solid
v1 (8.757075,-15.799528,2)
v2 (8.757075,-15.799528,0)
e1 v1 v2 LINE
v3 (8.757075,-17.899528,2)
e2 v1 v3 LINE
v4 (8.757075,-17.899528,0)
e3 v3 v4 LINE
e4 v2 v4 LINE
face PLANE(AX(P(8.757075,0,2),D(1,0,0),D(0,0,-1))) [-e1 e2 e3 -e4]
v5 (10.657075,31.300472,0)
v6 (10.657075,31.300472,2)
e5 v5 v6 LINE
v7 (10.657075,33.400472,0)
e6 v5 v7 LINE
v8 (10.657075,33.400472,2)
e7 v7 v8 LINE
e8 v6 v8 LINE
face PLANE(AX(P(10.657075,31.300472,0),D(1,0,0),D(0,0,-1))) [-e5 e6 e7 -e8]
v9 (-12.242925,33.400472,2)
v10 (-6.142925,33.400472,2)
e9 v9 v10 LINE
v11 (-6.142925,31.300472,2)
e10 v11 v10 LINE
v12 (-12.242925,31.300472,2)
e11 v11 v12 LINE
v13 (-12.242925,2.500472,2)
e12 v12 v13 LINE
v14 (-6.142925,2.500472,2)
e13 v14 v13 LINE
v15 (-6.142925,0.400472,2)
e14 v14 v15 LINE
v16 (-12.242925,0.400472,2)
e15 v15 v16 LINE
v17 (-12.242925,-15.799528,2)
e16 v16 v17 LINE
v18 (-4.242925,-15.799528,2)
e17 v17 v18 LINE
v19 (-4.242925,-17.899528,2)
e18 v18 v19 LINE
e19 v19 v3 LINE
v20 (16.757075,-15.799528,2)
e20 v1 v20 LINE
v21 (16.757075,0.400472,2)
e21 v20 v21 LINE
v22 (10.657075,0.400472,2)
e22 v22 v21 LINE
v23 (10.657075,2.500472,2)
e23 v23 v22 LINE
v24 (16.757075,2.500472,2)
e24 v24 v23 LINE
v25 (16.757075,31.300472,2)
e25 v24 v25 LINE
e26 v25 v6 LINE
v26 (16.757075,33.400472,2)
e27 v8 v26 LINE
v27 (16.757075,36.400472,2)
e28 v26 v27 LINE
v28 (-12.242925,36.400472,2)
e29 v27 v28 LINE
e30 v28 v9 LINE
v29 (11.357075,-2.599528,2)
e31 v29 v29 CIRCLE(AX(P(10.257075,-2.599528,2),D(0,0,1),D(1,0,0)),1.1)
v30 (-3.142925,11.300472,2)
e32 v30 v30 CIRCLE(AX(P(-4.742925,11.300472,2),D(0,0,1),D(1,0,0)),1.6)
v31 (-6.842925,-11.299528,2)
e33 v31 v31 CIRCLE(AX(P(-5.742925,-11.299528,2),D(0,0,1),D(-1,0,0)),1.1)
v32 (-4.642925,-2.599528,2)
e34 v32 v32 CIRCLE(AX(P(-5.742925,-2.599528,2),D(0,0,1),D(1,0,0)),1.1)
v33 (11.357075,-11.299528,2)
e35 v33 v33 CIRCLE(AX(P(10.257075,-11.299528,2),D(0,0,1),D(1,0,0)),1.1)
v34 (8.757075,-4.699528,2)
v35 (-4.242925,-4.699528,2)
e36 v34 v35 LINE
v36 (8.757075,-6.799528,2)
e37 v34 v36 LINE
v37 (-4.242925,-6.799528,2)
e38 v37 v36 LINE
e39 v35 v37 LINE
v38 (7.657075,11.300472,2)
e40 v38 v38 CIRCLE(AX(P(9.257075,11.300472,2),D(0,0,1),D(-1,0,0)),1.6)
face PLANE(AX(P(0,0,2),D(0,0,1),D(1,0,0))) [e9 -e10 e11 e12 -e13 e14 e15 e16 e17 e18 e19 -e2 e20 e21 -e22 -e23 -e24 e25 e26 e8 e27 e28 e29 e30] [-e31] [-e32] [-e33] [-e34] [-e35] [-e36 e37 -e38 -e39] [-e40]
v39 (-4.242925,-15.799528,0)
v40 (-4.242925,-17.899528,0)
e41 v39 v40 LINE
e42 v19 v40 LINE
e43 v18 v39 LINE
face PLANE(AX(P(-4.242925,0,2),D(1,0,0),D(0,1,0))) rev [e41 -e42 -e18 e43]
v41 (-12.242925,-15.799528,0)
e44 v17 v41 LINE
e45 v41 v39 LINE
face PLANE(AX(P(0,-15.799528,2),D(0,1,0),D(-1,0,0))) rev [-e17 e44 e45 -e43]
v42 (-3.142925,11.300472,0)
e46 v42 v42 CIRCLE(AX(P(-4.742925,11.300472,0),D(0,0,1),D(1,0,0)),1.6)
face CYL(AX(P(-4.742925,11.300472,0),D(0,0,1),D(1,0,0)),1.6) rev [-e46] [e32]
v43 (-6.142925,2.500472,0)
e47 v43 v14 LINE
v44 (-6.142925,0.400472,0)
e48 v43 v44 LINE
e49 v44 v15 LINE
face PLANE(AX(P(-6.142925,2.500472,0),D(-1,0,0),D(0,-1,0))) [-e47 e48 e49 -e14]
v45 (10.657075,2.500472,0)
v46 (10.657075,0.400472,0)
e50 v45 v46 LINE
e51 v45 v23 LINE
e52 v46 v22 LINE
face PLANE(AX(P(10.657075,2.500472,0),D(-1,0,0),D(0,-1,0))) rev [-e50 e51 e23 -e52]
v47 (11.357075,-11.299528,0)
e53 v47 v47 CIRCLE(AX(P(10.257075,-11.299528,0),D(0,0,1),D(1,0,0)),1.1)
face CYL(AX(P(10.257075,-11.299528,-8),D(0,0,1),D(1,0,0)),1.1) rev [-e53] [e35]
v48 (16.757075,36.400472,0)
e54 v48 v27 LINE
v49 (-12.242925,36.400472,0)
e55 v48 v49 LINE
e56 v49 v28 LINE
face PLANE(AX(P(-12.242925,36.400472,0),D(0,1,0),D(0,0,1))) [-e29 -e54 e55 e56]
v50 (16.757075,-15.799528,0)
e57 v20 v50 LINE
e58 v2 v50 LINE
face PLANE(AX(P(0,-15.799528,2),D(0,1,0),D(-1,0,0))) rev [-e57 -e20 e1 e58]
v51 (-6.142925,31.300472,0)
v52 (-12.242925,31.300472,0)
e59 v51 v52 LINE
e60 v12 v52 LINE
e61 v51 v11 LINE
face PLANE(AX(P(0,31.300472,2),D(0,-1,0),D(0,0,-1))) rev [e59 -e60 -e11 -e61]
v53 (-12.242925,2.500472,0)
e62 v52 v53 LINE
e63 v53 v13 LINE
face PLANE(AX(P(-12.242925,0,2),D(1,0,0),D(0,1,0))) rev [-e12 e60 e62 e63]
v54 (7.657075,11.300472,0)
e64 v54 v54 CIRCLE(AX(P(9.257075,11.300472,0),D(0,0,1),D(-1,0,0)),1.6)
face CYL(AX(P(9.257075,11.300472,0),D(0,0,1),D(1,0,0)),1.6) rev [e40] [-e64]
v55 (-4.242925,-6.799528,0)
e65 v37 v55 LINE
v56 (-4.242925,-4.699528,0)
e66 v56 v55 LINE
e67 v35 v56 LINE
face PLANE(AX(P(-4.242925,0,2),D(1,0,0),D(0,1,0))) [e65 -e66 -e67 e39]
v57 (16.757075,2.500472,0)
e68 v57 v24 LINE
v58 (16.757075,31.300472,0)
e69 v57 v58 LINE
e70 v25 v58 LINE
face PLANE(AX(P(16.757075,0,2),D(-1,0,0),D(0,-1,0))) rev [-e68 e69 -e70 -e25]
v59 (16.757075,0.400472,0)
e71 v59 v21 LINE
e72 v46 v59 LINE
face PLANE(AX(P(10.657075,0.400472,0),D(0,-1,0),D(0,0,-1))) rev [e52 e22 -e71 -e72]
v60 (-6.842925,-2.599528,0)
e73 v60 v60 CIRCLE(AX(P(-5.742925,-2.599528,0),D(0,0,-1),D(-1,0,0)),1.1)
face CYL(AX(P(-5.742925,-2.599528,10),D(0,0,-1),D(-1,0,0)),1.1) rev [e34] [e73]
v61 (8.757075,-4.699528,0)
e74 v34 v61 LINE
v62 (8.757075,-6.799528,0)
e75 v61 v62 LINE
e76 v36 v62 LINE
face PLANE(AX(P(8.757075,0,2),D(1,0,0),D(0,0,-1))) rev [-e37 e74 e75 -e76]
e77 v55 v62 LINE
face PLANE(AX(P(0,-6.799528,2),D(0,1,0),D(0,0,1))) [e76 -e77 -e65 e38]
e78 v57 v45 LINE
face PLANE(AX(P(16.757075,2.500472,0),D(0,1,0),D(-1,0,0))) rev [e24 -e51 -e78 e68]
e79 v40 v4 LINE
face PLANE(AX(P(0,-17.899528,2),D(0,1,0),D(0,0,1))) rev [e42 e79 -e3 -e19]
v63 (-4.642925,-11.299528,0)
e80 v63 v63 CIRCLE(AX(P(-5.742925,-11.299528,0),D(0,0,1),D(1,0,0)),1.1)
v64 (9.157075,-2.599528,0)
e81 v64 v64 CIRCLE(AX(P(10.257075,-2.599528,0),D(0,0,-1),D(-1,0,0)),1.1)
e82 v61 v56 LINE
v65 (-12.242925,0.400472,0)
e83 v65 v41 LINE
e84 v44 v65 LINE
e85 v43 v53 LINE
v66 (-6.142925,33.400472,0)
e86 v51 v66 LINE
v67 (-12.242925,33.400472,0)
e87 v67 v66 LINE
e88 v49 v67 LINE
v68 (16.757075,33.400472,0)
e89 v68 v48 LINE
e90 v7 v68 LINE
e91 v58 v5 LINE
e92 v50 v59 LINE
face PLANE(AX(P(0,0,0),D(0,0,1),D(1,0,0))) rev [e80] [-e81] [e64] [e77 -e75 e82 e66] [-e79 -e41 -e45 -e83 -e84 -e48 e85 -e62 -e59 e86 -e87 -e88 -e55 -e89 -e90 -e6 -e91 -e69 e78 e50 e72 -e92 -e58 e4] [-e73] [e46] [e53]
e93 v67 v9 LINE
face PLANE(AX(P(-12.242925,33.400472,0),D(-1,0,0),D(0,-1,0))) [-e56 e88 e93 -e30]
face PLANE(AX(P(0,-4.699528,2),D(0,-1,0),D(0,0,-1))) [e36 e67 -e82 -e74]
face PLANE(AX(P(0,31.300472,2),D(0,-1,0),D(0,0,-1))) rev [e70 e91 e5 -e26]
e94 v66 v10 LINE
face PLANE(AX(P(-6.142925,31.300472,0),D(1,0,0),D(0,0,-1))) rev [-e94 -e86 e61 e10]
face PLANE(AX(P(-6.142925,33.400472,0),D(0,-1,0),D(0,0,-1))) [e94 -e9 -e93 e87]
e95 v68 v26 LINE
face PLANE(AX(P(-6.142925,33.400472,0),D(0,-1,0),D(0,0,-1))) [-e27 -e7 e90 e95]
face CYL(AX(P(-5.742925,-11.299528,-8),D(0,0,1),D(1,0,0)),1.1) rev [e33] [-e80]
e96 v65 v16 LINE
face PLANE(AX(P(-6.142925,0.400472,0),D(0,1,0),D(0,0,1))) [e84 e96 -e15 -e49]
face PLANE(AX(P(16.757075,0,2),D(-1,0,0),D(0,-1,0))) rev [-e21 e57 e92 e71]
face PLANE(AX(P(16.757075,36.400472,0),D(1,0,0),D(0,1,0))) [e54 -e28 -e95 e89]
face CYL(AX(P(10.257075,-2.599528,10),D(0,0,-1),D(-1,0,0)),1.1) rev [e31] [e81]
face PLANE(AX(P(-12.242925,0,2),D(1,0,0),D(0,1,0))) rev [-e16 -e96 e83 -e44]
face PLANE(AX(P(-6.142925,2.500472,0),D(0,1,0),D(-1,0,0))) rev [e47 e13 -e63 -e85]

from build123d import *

# Parameters (mm, degrees)
SKETCH_1_W          = 8
SKETCH_1_H          = 2.1
SKETCH_1_W_2        = 13
EXTRUDE_1_DEPTH     = 2
SKETCH_2_W          = 6.1
SKETCH_2_H          = 2.1
CUT_EXTRUDE_1_DEPTH = 2
SKETCH_3_W          = 16.8
SKETCH_3_H          = 2.1
EXTRUDE_2_DEPTH     = 2
SKETCH_4_R          = 1.6
CUT_EXTRUDE_2_DEPTH = 2
SKETCH_5_R          = 1.1
CUT_EXTRUDE_5_DEPTH = 10
SKETCH_6_R          = 1.1
CUT_EXTRUDE_6_DEPTH = 10
EXTRUDE_3_DEPTH     = 2


with BuildPart() as part:
    # 草图1 → 凸台-拉伸1 (new body)
    with BuildSketch(Plane.XY):
        Polygon((-12.242924528, 31.300471698), (-12.242924528, -4.699528302), (-4.242924528, -4.699528302), (8.757075472, -4.699528302), (16.757075472, -4.699528302), (16.757075472, 31.300471698), align=None)
        Polygon((-12.242924528, -6.799528302), (-12.242924528, -15.799528302), (-4.242924528, -15.799528302), (8.757075472, -15.799528302), (16.757075472, -15.799528302), (16.757075472, -6.799528302), (8.757075472, -6.799528302), (-4.242924528, -6.799528302), align=None)
        with Locations((12.757075472, -5.749528302)):
            Rectangle(SKETCH_1_W, SKETCH_1_H)
        with Locations((-8.242924528, -5.749528302)):
            Rectangle(SKETCH_1_W, SKETCH_1_H)
        with Locations((2.257075472, -16.849528302)):
            Rectangle(SKETCH_1_W_2, SKETCH_1_H)
    extrude(amount=EXTRUDE_1_DEPTH)

    # 草图2 → 切除-拉伸1 (cut)
    with BuildSketch(Plane.XY.offset(2)):
        with Locations((13.707075472, 1.450471698)):
            Rectangle(SKETCH_2_W, SKETCH_2_H)
        with Locations((-9.192924528, 1.450471698)):
            Rectangle(SKETCH_2_W, SKETCH_2_H)
    extrude(amount=-CUT_EXTRUDE_1_DEPTH, mode=Mode.SUBTRACT)

    # 草图3 → 凸台-拉伸2 (add)
    with BuildSketch(Plane.XY.offset(2)):
        with Locations((2.257075472, 32.350471698)):
            Rectangle(SKETCH_3_W, SKETCH_3_H)
    extrude(amount=-EXTRUDE_2_DEPTH)

    # 草图4 → 切除-拉伸2 (cut)
    with BuildSketch(Plane.XY.offset(2)):
        with Locations((-4.742924528, 11.300471698)):
            Circle(SKETCH_4_R)
        with Locations(Location((9.257075472, 11.300471698, 0), (0, 0, 180))):
            Circle(SKETCH_4_R)
    extrude(amount=-CUT_EXTRUDE_2_DEPTH, mode=Mode.SUBTRACT)

    # 草图5 → 切除-拉伸5 (cut)
    with BuildSketch(Plane(origin=(0, 0, 0), x_dir=(-1, 0, 0), z_dir=(0, 0, -1))):
        with Locations((-10.257075472, -2.599528302)):
            Circle(SKETCH_5_R)
        with Locations((5.742924528, -2.599528302)):
            Circle(SKETCH_5_R)
    extrude(amount=-CUT_EXTRUDE_5_DEPTH, mode=Mode.SUBTRACT)

    # 草图6 → 切除-拉伸6 (cut)
    with BuildSketch(Plane.XY.offset(2)):
        with Locations((10.257075472, -11.299528302)):
            Circle(SKETCH_6_R)
        with Locations((-5.742924528, -11.299528302)):
            Circle(SKETCH_6_R)
    extrude(amount=-CUT_EXTRUDE_6_DEPTH, mode=Mode.SUBTRACT)

    # 草图7 → 凸台-拉伸3 (add)
    with BuildSketch(Plane.XY.offset(2)):
        Polygon((-6.142924528, 33.400471698), (-12.242924528, 33.400471698), (-12.242924528, 36.400471698), (16.757075472, 36.400471698), (16.757075472, 33.400471698), align=None)
    extrude(amount=-EXTRUDE_3_DEPTH)


solid = part.part
